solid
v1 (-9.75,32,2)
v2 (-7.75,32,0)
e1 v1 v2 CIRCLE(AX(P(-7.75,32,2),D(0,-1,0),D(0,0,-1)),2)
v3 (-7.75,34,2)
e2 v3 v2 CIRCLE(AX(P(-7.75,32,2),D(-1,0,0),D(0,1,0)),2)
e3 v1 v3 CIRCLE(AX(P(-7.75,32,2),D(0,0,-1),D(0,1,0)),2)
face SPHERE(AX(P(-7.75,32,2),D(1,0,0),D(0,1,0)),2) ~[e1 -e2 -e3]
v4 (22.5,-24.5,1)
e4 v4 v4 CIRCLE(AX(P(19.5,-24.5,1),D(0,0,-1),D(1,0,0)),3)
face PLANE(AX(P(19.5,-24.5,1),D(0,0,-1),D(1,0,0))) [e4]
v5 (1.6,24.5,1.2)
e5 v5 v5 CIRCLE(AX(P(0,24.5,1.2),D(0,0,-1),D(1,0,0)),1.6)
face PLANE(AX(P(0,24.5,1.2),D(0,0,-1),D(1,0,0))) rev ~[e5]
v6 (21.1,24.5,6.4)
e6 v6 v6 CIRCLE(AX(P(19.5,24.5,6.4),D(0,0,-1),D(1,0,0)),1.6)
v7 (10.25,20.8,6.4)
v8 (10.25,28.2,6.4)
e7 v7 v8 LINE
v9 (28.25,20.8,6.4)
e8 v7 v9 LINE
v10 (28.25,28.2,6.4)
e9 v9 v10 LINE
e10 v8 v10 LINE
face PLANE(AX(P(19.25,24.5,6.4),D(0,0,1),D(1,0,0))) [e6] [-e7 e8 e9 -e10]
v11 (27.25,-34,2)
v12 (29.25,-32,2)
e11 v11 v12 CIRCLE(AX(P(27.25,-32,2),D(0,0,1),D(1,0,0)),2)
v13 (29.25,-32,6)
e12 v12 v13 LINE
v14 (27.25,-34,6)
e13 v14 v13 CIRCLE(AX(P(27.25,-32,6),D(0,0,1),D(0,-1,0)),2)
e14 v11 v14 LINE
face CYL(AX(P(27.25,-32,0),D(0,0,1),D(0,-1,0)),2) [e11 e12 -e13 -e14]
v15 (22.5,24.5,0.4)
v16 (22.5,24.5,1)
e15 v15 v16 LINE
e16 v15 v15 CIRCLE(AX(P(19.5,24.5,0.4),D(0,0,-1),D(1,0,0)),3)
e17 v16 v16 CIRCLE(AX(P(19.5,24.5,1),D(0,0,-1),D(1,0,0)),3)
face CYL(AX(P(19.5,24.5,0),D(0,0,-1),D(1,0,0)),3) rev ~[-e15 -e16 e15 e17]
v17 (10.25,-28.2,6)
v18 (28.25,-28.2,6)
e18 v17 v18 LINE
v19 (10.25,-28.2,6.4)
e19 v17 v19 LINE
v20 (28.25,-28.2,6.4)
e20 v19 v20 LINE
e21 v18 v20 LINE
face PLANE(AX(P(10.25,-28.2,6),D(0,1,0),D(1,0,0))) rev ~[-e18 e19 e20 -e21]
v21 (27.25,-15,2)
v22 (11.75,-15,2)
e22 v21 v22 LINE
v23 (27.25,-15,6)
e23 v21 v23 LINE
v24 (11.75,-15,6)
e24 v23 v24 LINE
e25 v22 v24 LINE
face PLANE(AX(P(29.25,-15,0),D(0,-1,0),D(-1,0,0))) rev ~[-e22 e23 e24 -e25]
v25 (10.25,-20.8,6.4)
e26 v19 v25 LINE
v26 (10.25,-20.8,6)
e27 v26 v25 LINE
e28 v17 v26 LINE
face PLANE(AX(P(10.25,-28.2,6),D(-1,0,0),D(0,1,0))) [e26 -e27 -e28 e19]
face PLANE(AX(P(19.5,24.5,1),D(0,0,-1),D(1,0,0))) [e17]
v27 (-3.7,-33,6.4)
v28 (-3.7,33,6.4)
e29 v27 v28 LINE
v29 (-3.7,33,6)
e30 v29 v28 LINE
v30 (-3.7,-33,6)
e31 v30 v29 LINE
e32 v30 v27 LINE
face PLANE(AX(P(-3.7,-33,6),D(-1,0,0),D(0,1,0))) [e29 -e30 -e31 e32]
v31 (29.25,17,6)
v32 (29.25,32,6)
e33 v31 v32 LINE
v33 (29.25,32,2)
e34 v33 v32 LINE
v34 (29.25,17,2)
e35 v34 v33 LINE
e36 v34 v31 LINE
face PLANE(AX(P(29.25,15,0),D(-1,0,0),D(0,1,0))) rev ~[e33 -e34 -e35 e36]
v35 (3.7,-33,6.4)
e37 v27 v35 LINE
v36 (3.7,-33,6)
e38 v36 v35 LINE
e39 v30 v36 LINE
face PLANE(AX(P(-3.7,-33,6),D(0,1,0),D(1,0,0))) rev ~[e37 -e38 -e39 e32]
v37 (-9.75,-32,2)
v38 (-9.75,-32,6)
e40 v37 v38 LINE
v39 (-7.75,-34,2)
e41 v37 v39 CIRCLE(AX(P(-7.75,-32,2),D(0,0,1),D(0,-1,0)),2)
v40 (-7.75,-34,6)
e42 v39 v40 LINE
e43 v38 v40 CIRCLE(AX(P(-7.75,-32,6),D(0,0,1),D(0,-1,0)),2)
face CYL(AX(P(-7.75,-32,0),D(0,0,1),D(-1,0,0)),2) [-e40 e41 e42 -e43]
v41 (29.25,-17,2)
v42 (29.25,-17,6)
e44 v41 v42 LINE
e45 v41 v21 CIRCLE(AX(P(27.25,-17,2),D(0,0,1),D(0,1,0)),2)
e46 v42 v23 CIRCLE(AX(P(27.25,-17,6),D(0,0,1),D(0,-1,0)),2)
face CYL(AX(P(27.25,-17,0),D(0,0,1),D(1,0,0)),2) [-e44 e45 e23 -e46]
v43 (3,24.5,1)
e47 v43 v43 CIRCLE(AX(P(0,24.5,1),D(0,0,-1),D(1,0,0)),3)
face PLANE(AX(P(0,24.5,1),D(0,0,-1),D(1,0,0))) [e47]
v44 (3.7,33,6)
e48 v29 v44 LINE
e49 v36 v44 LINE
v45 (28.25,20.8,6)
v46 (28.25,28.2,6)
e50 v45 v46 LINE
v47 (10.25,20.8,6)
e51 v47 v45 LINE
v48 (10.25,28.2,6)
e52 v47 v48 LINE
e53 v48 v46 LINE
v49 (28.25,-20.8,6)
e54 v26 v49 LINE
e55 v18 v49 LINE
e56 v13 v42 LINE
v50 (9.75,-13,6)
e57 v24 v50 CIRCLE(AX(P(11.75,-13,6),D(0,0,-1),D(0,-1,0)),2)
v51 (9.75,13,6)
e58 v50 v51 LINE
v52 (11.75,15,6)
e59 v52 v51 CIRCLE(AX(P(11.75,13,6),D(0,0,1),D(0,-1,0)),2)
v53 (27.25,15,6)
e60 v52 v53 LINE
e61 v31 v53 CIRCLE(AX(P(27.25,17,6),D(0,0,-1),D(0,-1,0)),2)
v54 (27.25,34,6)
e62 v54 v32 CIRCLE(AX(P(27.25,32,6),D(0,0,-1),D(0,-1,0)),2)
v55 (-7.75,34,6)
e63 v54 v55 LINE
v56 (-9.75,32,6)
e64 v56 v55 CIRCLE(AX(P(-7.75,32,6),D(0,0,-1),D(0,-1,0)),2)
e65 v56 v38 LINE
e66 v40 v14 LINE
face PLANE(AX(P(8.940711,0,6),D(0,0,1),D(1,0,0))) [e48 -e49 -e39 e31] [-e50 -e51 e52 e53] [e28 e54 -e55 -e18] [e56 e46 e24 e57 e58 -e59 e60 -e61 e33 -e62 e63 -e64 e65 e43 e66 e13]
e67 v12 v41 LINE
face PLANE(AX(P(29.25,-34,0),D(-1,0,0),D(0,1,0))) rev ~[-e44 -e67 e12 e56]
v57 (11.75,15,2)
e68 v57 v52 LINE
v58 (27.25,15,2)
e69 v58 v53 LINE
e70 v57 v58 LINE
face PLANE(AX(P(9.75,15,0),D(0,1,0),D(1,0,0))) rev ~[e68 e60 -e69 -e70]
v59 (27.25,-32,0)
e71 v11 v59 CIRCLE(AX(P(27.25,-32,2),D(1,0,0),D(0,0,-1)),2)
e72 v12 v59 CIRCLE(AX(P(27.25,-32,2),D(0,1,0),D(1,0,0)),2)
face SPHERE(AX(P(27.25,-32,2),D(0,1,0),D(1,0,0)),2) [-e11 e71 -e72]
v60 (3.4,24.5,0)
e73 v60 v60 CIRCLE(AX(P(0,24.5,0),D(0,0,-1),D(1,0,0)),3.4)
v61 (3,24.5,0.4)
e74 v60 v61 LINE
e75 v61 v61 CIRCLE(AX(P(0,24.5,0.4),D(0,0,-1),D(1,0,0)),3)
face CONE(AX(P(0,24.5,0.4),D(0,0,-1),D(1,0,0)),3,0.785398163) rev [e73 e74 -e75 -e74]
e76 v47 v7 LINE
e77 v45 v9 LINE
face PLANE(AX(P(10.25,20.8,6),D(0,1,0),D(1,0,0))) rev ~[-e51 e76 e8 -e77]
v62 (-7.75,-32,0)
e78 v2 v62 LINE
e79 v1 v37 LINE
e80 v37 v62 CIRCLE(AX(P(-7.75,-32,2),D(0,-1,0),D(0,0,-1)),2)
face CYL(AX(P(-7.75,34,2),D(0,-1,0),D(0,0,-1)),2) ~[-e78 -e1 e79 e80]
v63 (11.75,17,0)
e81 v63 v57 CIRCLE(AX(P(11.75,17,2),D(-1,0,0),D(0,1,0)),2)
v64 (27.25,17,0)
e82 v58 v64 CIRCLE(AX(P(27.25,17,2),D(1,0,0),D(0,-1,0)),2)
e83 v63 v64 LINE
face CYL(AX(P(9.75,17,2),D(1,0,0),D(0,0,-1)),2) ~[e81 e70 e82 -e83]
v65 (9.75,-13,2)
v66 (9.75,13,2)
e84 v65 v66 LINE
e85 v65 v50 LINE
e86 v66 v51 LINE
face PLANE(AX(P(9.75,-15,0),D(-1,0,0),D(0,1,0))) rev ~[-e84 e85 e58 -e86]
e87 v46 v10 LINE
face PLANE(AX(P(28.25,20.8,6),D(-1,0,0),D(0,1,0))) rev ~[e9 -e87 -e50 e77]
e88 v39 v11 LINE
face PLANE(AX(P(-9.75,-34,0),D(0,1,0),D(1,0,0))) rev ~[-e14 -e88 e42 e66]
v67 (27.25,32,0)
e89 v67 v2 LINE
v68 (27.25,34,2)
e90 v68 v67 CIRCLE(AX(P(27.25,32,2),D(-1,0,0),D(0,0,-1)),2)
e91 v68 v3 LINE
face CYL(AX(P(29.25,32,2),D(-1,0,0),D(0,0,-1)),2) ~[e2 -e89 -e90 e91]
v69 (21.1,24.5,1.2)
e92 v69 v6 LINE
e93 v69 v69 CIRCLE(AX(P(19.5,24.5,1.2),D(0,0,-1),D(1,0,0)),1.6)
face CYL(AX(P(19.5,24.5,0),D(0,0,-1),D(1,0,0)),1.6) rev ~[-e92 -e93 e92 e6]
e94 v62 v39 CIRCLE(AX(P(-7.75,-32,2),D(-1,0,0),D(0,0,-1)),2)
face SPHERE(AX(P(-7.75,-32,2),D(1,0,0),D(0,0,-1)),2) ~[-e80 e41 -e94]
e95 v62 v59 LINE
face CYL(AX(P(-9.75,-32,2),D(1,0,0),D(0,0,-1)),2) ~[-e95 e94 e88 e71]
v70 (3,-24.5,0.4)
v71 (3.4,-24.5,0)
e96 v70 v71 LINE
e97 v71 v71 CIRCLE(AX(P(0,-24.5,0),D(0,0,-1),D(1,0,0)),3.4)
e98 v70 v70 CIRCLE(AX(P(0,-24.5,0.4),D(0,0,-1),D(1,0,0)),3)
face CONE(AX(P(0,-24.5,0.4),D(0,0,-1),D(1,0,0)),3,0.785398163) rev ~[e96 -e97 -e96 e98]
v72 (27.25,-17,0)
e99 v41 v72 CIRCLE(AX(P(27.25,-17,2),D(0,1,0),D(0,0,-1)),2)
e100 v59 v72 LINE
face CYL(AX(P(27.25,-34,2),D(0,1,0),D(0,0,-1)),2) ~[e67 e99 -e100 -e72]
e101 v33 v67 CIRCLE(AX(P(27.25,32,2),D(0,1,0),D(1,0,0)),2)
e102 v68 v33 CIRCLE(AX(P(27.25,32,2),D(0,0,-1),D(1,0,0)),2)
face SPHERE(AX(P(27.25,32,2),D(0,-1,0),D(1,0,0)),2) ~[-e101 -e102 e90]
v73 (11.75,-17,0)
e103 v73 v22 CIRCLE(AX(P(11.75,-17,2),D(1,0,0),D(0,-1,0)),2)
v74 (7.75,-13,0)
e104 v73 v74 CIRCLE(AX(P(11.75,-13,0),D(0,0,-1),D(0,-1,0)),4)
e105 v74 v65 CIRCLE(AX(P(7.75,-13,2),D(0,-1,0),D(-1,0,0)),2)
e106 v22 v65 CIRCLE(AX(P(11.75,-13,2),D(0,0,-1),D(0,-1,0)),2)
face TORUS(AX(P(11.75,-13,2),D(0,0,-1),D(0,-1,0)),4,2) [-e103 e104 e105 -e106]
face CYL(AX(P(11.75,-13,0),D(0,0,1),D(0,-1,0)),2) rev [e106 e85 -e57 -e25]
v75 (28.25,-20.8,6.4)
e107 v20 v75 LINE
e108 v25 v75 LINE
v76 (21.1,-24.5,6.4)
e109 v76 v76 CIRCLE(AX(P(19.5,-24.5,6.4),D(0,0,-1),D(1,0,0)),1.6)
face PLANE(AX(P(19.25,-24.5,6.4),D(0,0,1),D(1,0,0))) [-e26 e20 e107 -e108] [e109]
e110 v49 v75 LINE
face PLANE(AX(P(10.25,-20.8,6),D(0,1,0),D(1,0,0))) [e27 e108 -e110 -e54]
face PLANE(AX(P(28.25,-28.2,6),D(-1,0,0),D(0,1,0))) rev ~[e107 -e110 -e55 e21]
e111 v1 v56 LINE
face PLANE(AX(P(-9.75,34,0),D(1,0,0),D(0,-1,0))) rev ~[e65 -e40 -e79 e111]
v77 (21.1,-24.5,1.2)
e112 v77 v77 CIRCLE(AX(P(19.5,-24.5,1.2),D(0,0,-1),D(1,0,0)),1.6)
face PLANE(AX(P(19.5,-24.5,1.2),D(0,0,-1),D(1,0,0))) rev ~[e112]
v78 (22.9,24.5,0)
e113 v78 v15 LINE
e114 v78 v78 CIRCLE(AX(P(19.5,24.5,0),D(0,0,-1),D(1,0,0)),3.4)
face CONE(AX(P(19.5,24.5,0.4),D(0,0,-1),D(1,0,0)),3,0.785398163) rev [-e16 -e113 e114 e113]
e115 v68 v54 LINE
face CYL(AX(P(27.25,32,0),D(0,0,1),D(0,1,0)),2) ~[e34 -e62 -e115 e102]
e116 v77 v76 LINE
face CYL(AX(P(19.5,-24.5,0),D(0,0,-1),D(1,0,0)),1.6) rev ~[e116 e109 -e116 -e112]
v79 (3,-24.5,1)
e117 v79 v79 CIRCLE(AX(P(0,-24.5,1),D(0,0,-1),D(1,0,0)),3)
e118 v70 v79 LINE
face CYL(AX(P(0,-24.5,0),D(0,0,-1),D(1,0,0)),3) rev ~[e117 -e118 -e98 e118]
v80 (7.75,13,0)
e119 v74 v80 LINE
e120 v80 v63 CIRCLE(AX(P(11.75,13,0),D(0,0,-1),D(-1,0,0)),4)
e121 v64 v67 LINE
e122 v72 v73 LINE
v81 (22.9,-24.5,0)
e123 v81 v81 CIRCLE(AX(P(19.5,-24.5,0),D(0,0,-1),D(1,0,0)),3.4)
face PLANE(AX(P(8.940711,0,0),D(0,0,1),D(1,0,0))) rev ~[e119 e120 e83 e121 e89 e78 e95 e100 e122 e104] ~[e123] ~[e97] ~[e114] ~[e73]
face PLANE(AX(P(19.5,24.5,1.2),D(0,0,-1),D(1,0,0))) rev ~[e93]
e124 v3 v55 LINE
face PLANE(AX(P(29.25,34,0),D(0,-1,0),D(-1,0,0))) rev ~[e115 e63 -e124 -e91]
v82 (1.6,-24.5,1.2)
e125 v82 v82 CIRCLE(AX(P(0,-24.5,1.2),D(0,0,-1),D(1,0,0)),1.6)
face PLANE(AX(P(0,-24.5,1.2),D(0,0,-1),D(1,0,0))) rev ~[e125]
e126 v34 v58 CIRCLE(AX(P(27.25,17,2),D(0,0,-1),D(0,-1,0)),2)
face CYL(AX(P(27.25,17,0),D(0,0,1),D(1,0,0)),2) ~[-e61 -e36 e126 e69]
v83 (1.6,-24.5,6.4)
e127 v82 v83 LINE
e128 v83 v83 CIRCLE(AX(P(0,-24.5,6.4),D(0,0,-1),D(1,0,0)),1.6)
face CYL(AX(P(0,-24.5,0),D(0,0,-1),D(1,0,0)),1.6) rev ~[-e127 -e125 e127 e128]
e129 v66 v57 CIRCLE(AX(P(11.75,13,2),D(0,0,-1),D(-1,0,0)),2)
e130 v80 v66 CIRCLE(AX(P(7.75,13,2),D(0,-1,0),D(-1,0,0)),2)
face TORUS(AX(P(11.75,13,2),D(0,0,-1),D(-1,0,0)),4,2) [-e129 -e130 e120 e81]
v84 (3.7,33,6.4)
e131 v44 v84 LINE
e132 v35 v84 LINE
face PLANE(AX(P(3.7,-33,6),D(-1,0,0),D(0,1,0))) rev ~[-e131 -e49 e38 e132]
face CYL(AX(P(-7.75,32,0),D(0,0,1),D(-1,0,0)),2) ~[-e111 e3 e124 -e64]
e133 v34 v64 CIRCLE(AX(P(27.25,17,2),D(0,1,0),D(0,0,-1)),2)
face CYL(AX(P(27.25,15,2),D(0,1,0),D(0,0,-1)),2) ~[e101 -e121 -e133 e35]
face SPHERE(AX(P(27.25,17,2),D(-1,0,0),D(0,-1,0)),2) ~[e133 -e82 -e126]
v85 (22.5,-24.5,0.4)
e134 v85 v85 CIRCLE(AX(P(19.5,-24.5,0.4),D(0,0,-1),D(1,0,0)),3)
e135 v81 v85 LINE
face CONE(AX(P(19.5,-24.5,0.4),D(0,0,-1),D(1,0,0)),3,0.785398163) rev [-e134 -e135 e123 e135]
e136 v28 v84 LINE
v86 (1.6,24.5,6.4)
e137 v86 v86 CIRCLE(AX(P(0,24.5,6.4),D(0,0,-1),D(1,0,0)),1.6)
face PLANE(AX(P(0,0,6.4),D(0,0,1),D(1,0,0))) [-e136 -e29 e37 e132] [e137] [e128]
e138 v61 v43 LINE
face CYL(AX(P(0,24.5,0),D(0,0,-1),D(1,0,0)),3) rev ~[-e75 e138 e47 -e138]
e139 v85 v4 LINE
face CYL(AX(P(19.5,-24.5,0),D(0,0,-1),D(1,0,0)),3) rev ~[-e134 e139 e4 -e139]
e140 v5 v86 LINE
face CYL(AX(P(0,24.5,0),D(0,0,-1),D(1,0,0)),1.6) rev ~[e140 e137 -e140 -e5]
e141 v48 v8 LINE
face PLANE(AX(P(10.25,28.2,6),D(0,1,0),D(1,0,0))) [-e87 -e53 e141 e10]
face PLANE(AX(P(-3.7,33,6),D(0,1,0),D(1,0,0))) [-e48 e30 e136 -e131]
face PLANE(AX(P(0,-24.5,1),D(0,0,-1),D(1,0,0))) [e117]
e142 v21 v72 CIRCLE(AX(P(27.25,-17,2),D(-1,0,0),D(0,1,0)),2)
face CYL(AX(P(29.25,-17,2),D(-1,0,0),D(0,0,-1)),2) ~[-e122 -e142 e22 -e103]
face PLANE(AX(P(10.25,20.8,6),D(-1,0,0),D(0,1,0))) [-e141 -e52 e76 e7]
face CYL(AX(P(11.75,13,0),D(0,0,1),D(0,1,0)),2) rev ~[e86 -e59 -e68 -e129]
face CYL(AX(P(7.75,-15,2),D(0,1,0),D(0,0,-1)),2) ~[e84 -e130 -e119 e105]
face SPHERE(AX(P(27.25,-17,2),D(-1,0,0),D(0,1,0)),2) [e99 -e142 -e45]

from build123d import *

# Parameters (mm, degrees)
PAD_DEPTH       = 6
SKETCH002_W     = 7.4
SKETCH002_H     = 66
SKETCH002_W_2   = 18
SKETCH002_H_2   = 7.4
PAD001_DEPTH    = 0.4
SKETCH003_R     = 1.6
POCKET_DEPTH    = 6.401
SKETCH004_R     = 3
POCKET001_DEPTH = 1
SKETCH005_R     = 4
PAD002_DEPTH    = 0.2
CHAMFER_SIZE    = 0.4
FILLET_R        = 2


with BuildPart() as part:
    # Sketch → Pad (new body)
    with BuildSketch(Plane.XY):
        Polygon((-9.75, 34), (-9.75, -34), (29.25, -34), (29.25, -15), (9.75, -15), (9.75, 15), (29.25, 15), (29.25, 34), (9.75, 34), align=None)
    extrude(amount=PAD_DEPTH)

    # Sketch002 → Pad001 (new body)
    with BuildSketch(Plane.XY.offset(6)):
        Rectangle(SKETCH002_W, SKETCH002_H)
        with Locations((19.25, 24.5)):
            Rectangle(SKETCH002_W_2, SKETCH002_H_2)
        with Locations((19.25, -24.5)):
            Rectangle(SKETCH002_W_2, SKETCH002_H_2)
    extrude(amount=PAD001_DEPTH)

    # Sketch003 → Pocket (cut, through all)
    with BuildSketch(Plane(origin=(0, 0, 0), x_dir=(1, 0, 0), z_dir=(0, 0, -1))):
        with Locations((0, 24.5)):
            Circle(SKETCH003_R)
        with Locations((19.5, 24.5)):
            Circle(SKETCH003_R)
        with Locations((0, -24.5)):
            Circle(SKETCH003_R)
        with Locations((19.5, -24.5)):
            Circle(SKETCH003_R)
    extrude(amount=-POCKET_DEPTH, mode=Mode.SUBTRACT)

    # Sketch004 → Pocket001 (cut)
    with BuildSketch(Plane(origin=(0, 0, 0), x_dir=(1, 0, 0), z_dir=(0, 0, -1))):
        with Locations((0, 24.5)):
            Circle(SKETCH004_R)
        with Locations((19.5, 24.5)):
            Circle(SKETCH004_R)
        with Locations((0, -24.5)):
            Circle(SKETCH004_R)
        with Locations((19.5, -24.5)):
            Circle(SKETCH004_R)
    extrude(amount=-POCKET001_DEPTH, mode=Mode.SUBTRACT)

    # Sketch005 → Pad002 (new body)
    with BuildSketch(Plane(origin=(0, 0, 1), x_dir=(1, 0, 0), z_dir=(0, 0, -1))):
        with Locations((0, 24.5)):
            Circle(SKETCH005_R)
        with Locations((19.5, 24.5)):
            Circle(SKETCH005_R)
        with Locations((0, -24.5)):
            Circle(SKETCH005_R)
        with Locations((19.5, -24.5)):
            Circle(SKETCH005_R)
    extrude(amount=-PAD002_DEPTH)

    # Chamfer
    chamfer_edges = [part.edges().sort_by_distance(p)[0] for p in [
        (16.5, -24.5, 0),
        (16.5, 24.5, 0),
        (-3, -24.5, 0),
        (-3, 24.5, 0),
    ]]
    chamfer(chamfer_edges, length=CHAMFER_SIZE)

    # Fillet
    fillet_edges = [part.edges().sort_by_distance(p)[0] for p in [
        (9.75, 15, 3),
        (9.75, 0, 0),
        (19.5, 15, 0),
        (9.75, -15, 3),
        (19.5, -15, 0),
        (29.25, -15, 3),
        (29.25, 15, 3),
        (29.25, 24.5, 0),
        (29.25, -24.5, 0),
        (29.25, -34, 3),
        (9.75, -34, 0),
        (29.25, 34, 3),
        (9.75, 34, 0),
        (-9.75, 34, 3),
        (-9.75, 0, 0),
        (-9.75, -34, 3),
    ]]
    fillet(fillet_edges, radius=FILLET_R)


solid = part.part
